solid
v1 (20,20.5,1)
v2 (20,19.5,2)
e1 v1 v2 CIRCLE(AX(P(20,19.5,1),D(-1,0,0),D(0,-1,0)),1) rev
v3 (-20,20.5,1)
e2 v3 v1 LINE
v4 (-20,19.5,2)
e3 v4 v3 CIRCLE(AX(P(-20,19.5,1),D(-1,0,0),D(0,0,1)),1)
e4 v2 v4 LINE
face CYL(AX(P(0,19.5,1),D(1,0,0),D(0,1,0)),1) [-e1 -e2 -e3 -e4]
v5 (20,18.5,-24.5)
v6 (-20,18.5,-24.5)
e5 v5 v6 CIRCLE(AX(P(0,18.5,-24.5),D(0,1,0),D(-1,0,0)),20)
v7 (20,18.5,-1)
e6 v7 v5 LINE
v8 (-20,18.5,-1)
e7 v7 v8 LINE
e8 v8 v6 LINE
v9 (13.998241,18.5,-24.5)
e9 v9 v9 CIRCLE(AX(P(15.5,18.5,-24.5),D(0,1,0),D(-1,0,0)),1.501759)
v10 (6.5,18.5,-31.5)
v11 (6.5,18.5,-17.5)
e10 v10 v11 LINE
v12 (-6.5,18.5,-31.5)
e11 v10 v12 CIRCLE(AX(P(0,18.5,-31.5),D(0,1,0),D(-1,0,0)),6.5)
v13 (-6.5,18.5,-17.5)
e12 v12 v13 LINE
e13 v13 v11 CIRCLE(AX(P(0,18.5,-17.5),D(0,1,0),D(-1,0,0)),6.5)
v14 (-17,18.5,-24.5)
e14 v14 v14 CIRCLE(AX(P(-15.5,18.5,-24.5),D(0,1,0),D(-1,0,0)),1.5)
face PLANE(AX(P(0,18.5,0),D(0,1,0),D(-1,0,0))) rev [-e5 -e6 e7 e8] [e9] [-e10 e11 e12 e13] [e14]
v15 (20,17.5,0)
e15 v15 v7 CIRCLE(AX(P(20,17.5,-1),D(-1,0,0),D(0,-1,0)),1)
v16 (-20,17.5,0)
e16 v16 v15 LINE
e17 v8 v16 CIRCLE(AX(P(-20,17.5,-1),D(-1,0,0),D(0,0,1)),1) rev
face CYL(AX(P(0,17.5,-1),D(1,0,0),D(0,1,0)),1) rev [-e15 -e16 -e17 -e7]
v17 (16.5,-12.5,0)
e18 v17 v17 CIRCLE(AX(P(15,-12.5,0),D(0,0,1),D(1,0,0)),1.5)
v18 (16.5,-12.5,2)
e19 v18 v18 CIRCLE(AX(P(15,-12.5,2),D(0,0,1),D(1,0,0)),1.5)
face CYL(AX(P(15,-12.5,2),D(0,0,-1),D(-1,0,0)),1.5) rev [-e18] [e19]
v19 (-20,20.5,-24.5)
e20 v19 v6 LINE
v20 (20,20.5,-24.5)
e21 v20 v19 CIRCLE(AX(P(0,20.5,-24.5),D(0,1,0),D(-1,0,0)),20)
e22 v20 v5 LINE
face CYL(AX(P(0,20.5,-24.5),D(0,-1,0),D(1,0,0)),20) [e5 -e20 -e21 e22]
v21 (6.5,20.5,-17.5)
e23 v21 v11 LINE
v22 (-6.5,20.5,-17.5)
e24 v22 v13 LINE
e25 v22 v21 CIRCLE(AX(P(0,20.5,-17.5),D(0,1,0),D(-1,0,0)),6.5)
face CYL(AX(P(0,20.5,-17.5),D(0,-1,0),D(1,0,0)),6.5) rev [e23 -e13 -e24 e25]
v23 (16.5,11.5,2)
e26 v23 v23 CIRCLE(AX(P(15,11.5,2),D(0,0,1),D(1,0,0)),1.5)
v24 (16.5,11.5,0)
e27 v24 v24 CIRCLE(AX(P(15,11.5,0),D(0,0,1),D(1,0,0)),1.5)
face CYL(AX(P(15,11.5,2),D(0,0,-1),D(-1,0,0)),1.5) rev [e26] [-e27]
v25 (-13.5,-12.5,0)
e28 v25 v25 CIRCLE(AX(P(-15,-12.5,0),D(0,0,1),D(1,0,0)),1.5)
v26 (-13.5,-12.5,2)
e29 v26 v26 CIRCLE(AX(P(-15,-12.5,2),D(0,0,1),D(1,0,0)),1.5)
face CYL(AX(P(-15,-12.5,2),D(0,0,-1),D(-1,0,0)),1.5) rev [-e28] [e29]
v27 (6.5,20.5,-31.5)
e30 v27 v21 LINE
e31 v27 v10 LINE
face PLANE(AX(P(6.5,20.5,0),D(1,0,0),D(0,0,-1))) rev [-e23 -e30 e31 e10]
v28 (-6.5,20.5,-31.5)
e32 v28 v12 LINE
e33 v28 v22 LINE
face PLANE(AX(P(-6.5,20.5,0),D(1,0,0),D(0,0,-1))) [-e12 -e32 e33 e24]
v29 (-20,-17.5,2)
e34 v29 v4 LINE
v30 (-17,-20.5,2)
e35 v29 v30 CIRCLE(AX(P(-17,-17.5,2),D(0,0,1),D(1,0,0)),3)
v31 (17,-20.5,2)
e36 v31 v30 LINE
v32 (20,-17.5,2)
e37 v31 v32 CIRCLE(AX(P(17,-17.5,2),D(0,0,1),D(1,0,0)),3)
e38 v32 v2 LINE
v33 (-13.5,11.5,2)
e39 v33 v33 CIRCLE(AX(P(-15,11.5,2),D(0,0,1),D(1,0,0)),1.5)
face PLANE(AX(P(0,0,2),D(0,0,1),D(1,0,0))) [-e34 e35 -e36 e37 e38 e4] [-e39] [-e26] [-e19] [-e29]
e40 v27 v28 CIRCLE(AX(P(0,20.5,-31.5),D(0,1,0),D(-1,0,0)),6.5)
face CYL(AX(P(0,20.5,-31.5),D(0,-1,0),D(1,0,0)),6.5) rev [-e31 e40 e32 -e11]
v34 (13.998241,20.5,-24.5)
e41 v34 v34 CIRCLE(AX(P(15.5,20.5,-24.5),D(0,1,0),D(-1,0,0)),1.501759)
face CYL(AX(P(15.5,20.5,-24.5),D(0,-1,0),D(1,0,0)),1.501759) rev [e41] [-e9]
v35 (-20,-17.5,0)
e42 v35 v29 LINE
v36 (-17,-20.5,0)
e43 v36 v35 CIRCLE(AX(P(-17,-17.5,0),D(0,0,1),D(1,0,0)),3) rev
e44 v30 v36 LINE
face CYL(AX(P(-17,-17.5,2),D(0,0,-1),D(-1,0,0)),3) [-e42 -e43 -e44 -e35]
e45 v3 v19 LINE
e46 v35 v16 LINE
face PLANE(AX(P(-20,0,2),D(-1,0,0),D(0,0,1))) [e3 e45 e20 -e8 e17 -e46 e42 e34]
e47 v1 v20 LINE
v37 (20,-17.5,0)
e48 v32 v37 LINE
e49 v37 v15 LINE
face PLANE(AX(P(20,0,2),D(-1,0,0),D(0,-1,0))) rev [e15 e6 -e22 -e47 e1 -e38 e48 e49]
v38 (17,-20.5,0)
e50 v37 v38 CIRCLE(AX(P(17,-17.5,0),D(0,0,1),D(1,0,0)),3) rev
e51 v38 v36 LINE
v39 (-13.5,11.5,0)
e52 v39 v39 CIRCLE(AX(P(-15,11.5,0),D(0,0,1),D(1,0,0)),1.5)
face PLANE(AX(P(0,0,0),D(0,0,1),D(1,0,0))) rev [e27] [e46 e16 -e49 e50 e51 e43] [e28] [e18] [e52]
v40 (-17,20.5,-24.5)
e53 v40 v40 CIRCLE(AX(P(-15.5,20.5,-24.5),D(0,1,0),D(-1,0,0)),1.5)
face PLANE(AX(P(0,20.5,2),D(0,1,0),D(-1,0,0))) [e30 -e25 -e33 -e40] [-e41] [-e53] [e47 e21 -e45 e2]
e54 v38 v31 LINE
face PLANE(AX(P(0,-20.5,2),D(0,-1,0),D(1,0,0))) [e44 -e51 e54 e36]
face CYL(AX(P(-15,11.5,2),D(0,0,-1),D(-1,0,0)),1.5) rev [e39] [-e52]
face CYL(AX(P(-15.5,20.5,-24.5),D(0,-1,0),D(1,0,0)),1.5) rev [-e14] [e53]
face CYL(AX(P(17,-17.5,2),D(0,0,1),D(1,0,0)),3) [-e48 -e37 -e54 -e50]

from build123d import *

# Parameters (mm, degrees)
SKETCH_1_W      = 40
SKETCH_1_H      = 39
SKETCH_1_R      = 1.5
SKETCH_1_H_2    = 2
EXTRUDE_2_DEPTH = 2
EXTRUDE_3_DEPTH = 2
FILLET_1_R      = 1
FILLET_2_R      = 3


with BuildPart() as part:
    # 草图1 → 凸台-拉伸2 (new body)
    with BuildSketch(Plane.XY):
        with Locations((0, -1)):
            Rectangle(SKETCH_1_W, SKETCH_1_H)
        with Locations((-15, -12.5)):
            Circle(SKETCH_1_R, mode=Mode.SUBTRACT)
        with Locations((15, -12.5)):
            Circle(SKETCH_1_R, mode=Mode.SUBTRACT)
        with Locations((-15, 11.5)):
            Circle(SKETCH_1_R, mode=Mode.SUBTRACT)
        with Locations((15, 11.5)):
            Circle(SKETCH_1_R, mode=Mode.SUBTRACT)
        with Locations((0, 19.5)):
            Rectangle(SKETCH_1_W, SKETCH_1_H_2)
    extrude(amount=EXTRUDE_2_DEPTH)

    # 草图2 → 凸台-拉伸3 (add)
    with BuildSketch(Plane(origin=(0, 18.5, 0), x_dir=(1, 0, 0), z_dir=(0, 1, 0))):
        with BuildLine():
            ThreePointArc((20, 24.5), (0, 44.5), (-20, 24.5))
            Line((-20, 24.5), (-17, 24.5))
            ThreePointArc((-17, 24.5), (-15.5, 26), (-14, 24.5))
            Line((-14, 24.5), (-6.5, 24.5))
            Line((-6.5, 24.5), (-6.5, 31.5))
            ThreePointArc((-6.5, 31.5), (0, 38), (6.5, 31.5))
            Line((6.5, 31.5), (6.5, 24.5))
            Line((6.5, 24.5), (13.998241038, 24.5))
            ThreePointArc((13.998241038, 24.5), (15.5, 26.001758962), (17.001758962, 24.5))
            Line((17.001758962, 24.5), (20, 24.5))
        make_face()
        with BuildLine():
            Line((-17, 24.5), (-20, 24.5))
            ThreePointArc((-20, 24.5), (0, 4.5), (20, 24.5))
            Line((20, 24.5), (17.001758962, 24.5))
            ThreePointArc((17.001758962, 24.5), (15.5, 22.998241038), (13.998241038, 24.5))
            Line((13.998241038, 24.5), (6.5, 24.5))
            Line((6.5, 24.5), (6.5, 17.5))
            ThreePointArc((6.5, 17.5), (0, 11), (-6.5, 17.5))
            Line((-6.5, 17.5), (-6.5, 24.5))
            Line((-6.5, 24.5), (-14, 24.5))
            ThreePointArc((-14, 24.5), (-15.5, 23), (-17, 24.5))
        make_face()
        with BuildLine():
            Line((-20, 24.5), (-20, -2))
            Line((-20, -2), (20, -2))
            Line((20, -2), (20, 24.5))
            ThreePointArc((20, 24.5), (0, 4.5), (-20, 24.5))
        make_face()
    extrude(amount=EXTRUDE_3_DEPTH)

    # 圆角1
    fillet_1_edges = [part.edges().sort_by_distance(p)[0] for p in [
        (0, 18.5, 0),
        (0, 20.5, 2),
    ]]
    fillet(fillet_1_edges, radius=FILLET_1_R)

    # 圆角2
    fillet_2_edges = [part.edges().sort_by_distance(p)[0] for p in [
        (20, -20.5, 1),
        (-20, -20.5, 1),
    ]]
    fillet(fillet_2_edges, radius=FILLET_2_R)


solid = part.part
